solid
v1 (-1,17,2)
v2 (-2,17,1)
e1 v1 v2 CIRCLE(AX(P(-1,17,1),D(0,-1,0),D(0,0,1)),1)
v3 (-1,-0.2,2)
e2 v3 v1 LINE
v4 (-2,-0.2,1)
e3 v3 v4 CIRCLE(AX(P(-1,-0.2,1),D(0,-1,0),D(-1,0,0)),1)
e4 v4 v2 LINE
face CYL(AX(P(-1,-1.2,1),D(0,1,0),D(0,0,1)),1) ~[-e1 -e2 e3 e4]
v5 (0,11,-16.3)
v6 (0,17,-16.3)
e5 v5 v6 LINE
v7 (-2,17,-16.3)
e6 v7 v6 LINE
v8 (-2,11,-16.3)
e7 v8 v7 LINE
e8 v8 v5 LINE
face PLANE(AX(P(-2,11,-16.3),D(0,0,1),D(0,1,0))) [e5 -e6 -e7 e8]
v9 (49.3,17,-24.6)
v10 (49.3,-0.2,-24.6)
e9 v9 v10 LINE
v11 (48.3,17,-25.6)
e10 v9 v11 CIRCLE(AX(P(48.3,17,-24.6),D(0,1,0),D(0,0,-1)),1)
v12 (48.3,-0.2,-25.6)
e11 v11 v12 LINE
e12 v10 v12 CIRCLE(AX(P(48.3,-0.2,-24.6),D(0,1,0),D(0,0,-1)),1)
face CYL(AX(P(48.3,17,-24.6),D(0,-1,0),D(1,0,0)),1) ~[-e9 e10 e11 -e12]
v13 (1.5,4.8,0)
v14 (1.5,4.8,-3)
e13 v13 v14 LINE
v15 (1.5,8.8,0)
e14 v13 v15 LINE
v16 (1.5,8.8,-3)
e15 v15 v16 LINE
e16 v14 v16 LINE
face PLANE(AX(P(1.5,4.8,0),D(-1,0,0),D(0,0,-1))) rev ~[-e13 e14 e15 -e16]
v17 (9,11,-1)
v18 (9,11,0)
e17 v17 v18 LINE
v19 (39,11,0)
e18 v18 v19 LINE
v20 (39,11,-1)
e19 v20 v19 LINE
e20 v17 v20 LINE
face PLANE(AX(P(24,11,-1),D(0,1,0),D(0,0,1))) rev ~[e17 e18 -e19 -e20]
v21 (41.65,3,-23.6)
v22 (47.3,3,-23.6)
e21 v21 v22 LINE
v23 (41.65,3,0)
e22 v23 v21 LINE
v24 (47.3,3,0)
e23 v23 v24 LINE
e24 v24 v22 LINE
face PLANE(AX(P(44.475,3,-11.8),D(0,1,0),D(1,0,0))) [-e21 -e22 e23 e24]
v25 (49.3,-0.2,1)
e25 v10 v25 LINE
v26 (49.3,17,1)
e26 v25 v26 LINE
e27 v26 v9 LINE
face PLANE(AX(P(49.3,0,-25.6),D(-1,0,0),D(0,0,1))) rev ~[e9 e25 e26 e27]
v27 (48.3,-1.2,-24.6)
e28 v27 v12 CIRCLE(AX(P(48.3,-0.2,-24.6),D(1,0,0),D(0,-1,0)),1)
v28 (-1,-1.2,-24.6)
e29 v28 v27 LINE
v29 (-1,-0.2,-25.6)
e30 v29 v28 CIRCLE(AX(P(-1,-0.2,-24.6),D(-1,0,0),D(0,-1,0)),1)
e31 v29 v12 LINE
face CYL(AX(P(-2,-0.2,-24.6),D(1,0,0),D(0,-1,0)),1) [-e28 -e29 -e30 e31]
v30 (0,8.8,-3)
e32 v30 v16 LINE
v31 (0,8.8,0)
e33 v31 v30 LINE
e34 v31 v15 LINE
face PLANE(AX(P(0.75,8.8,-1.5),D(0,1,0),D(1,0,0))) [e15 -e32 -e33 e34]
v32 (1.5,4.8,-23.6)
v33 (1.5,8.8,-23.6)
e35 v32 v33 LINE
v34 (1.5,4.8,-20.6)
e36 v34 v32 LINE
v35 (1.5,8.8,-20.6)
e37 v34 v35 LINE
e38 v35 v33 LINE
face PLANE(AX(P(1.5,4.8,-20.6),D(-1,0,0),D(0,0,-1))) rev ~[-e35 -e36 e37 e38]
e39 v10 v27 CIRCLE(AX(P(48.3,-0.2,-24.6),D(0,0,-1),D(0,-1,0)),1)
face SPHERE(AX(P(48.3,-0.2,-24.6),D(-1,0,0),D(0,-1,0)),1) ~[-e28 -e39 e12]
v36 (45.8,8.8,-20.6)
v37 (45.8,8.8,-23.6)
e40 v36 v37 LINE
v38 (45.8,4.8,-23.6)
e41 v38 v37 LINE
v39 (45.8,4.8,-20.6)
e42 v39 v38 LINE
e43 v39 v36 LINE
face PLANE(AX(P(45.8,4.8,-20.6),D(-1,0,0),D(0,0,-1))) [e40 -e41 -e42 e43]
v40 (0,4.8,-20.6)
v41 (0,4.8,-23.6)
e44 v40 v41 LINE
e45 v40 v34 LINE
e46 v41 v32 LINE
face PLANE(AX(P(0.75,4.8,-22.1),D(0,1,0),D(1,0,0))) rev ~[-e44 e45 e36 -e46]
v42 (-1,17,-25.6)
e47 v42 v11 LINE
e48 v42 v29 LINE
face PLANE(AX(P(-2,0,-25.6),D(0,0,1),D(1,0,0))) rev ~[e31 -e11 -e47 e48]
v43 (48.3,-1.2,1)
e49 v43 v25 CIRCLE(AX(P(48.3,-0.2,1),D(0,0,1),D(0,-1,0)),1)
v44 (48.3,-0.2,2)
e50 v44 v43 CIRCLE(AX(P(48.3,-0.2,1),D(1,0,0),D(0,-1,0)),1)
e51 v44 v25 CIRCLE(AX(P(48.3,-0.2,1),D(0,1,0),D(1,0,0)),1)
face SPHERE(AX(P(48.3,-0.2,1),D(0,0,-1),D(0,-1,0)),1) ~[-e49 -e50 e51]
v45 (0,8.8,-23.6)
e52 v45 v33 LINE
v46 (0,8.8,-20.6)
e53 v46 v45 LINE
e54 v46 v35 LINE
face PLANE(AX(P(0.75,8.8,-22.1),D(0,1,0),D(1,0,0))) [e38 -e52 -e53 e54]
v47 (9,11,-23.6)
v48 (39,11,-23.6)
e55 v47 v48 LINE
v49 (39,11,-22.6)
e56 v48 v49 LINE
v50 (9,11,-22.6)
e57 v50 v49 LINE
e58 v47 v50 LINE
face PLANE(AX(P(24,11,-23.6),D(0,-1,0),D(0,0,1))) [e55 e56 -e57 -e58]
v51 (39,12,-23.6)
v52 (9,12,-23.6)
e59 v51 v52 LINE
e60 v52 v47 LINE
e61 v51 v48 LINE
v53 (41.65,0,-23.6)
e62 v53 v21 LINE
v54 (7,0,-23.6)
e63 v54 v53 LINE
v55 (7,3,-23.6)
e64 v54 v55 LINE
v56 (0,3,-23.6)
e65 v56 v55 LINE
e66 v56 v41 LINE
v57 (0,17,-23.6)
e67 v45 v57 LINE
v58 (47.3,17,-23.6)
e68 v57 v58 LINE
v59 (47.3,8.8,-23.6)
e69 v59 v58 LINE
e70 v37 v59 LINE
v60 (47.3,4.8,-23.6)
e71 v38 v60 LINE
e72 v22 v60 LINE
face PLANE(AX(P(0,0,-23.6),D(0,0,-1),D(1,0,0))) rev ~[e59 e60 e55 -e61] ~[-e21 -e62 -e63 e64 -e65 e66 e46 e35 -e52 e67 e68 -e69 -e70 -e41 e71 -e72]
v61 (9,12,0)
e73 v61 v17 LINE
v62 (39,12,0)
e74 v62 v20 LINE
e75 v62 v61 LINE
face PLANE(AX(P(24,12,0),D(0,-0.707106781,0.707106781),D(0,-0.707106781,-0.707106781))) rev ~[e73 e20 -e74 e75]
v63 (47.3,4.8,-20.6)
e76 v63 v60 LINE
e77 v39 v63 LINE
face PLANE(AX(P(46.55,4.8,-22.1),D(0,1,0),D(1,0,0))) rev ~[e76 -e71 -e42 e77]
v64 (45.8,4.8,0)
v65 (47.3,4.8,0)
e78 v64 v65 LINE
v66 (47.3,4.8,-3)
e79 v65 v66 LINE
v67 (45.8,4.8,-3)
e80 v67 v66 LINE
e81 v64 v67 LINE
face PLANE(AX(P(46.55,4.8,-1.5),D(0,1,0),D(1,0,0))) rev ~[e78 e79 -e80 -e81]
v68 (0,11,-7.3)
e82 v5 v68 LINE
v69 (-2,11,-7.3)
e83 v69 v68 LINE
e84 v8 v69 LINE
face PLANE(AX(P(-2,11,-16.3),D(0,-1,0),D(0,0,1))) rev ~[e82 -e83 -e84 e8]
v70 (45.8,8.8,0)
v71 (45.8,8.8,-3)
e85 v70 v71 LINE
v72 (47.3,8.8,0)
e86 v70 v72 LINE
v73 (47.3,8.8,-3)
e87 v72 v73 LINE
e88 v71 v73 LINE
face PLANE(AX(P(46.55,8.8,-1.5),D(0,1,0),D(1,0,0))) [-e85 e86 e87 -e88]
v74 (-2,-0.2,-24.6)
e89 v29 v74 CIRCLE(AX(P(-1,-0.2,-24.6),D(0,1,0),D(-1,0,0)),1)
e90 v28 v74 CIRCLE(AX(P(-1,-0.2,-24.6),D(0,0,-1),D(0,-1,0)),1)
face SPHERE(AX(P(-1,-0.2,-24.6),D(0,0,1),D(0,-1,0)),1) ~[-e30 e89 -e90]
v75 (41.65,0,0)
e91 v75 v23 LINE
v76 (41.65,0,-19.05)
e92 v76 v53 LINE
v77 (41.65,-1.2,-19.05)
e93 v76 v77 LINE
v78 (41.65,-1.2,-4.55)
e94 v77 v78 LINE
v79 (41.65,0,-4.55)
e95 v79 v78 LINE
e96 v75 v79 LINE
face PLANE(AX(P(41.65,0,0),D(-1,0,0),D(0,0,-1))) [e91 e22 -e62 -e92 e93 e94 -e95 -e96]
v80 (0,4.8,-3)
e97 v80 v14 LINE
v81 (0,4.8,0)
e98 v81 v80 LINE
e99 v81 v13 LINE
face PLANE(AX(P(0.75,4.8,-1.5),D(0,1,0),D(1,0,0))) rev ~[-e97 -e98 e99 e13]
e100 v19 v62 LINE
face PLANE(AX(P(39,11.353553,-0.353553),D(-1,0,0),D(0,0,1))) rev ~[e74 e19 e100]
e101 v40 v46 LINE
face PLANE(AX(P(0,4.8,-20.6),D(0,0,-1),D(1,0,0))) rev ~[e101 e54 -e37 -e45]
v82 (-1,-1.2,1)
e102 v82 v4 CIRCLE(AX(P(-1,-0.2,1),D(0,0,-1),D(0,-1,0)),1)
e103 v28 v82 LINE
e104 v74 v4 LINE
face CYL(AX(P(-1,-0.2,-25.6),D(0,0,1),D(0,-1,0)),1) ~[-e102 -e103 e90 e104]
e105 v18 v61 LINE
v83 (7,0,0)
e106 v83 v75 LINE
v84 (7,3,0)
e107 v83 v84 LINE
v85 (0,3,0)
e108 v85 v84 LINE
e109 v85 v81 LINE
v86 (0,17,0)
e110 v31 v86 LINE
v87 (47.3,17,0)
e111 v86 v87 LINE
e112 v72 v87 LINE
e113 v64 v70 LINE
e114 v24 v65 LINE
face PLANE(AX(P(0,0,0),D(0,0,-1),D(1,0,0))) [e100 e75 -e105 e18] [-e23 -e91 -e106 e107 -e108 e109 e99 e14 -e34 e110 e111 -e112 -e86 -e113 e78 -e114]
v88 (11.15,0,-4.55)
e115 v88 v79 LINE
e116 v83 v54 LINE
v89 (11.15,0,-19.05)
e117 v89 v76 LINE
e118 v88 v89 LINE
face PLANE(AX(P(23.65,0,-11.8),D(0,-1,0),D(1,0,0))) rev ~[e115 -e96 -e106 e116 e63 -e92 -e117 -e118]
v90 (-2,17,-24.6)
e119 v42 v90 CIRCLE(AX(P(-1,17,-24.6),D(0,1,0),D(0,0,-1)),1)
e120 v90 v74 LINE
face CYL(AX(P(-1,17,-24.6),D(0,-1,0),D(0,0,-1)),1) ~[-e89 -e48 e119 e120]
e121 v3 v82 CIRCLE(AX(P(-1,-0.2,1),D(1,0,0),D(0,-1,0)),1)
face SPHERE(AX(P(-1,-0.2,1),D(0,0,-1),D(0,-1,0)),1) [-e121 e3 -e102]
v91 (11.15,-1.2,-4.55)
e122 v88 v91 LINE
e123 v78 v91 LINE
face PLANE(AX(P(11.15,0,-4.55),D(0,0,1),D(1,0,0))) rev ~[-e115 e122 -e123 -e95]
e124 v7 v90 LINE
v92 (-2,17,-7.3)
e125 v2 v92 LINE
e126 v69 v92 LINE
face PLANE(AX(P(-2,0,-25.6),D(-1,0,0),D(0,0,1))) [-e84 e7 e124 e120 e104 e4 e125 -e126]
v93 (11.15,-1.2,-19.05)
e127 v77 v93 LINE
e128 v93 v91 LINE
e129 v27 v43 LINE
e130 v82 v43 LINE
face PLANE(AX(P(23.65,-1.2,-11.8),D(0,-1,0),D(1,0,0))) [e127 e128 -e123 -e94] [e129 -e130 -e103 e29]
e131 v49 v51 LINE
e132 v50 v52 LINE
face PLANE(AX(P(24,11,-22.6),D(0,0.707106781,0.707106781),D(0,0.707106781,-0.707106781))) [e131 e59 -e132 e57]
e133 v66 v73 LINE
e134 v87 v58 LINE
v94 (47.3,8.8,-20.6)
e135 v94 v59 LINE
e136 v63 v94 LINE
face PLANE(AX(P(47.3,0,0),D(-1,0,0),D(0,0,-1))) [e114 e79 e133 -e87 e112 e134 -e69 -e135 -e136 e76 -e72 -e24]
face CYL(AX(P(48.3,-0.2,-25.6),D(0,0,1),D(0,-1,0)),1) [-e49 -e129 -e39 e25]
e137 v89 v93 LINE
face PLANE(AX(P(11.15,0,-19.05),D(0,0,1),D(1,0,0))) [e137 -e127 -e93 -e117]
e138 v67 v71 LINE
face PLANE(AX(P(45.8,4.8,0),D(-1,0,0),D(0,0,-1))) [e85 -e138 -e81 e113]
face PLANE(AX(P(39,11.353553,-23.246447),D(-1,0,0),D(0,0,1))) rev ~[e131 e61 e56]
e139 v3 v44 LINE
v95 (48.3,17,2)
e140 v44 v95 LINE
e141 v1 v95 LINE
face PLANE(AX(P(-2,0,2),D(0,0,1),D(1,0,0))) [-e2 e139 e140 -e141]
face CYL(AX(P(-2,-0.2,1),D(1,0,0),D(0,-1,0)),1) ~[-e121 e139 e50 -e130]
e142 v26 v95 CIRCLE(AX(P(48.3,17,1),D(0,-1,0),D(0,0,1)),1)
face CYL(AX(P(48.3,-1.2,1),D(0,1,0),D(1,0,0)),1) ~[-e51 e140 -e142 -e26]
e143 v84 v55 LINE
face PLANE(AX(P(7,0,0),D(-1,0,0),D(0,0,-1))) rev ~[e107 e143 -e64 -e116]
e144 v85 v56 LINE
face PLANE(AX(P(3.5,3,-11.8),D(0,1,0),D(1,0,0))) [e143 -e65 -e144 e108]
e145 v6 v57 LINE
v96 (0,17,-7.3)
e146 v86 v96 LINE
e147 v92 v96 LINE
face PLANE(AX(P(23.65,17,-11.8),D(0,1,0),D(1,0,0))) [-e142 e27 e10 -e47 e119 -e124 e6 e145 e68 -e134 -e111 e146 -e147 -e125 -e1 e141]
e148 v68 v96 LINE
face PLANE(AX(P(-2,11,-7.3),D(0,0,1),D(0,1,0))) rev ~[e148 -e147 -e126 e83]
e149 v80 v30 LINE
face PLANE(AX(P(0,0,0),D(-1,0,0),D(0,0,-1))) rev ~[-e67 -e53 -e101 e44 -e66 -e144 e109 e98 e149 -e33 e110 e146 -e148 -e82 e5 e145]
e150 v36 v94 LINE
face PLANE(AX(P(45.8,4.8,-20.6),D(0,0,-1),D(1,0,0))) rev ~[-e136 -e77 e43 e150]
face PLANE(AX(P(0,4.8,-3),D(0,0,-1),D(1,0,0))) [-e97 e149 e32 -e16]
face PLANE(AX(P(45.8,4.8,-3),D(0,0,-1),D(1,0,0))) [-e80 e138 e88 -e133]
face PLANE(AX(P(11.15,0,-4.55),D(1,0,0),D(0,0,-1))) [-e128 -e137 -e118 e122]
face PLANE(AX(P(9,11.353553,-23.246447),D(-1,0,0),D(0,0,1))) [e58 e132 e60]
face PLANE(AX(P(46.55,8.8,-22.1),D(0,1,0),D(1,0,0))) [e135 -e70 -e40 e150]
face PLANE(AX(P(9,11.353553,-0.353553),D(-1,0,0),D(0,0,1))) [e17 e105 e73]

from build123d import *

# Parameters (mm, degrees)
SKETCH1_W                = 51.3
SKETCH1_H                = 27.6
SKETCH1_W_2              = 47.3
SKETCH1_H_2              = 23.6
EXTRUDE_THIN1_DEPTH      = 17
SKETCH2_W                = 51.3
SKETCH2_H                = 27.6
BOSS_EXTRUDE1_DEPTH      = 1.2
SKETCH3_W                = 30.5
SKETCH3_H                = 14.5
CUT_EXTRUDE1_DEPTH       = 10
SKETCH7_W                = 7
SKETCH7_H                = 23.6
SKETCH7_W_2              = 5.65
BOSS_EXTRUDE2_DEPTH      = 3
BOSS_EXTRUDE3_DEPTH      = 15
BOSS_EXTRUDE3_DEPTH_BACK = 15
FILLET1_R                = 1
SKETCH12_W               = 9
SKETCH12_H               = 12
CUT_EXTRUDE3_DEPTH       = 10
SKETCH14_W               = 1.5
SKETCH14_H               = 3
BOSS_EXTRUDE4_DEPTH      = 4


with BuildPart() as part:
    # Sketch1 → Extrude-Thin1 (new body)
    with BuildSketch(Plane(origin=(0, 0, 0), x_dir=(1, 0, 0), z_dir=(0, 1, 0))):
        with Locations((23.65, 11.8)):
            Rectangle(SKETCH1_W, SKETCH1_H)
        with Locations((23.65, 11.8)):
            Rectangle(SKETCH1_W_2, SKETCH1_H_2, mode=Mode.SUBTRACT)
    extrude(amount=EXTRUDE_THIN1_DEPTH)

    # Sketch2 → Boss-Extrude1 (add)
    with BuildSketch(Plane.XZ):
        with Locations((23.65, -11.8)):
            Rectangle(SKETCH2_W, SKETCH2_H)
    extrude(amount=BOSS_EXTRUDE1_DEPTH)

    # Sketch3 → Cut-Extrude1 (cut)
    with BuildSketch(Plane(origin=(0, 0, 0), x_dir=(1, 0, 0), z_dir=(0, 1, 0))):
        with Locations((26.4, 11.8)):
            Rectangle(SKETCH3_W, SKETCH3_H)
    extrude(amount=-CUT_EXTRUDE1_DEPTH, mode=Mode.SUBTRACT)

    # Sketch7 → Boss-Extrude2 (add)
    with BuildSketch(Plane(origin=(0, 0, 0), x_dir=(1, 0, 0), z_dir=(0, 1, 0))):
        with Locations((3.5, 11.8)):
            Rectangle(SKETCH7_W, SKETCH7_H)
        with Locations((44.475, 11.8)):
            Rectangle(SKETCH7_W_2, SKETCH7_H)
    extrude(amount=BOSS_EXTRUDE2_DEPTH)

    # Sketch9 → Boss-Extrude3 (add, two sides)
    with BuildSketch(Plane.ZY.offset(-24)) as boss_extrude3_sk:
        Polygon((-22.6, 11), (-23.6, 12), (-23.6, 11), align=None)
        Polygon((0, 12), (-1, 11), (0, 11), align=None)
    extrude(amount=BOSS_EXTRUDE3_DEPTH)
    extrude(boss_extrude3_sk.sketch, amount=-BOSS_EXTRUDE3_DEPTH_BACK)

    # Fillet1
    fillet1_edges = [part.edges().sort_by_distance(p)[0] for p in [
        (-2, -1.2, -11.8),
        (23.65, -1.2, -25.6),
        (49.3, -1.2, -11.8),
        (23.65, -1.2, 2),
        (-2, 7.9, -25.6),
        (49.3, 7.9, -25.6),
        (49.3, 7.9, 2),
        (-2, 7.9, 2),
    ]]
    fillet(fillet1_edges, radius=FILLET1_R)

    # Sketch12 → Cut-Extrude3 (cut)
    with BuildSketch(Plane.ZY.offset(2)):
        with Locations((-11.8, 17)):
            Rectangle(SKETCH12_W, SKETCH12_H)
    extrude(amount=-CUT_EXTRUDE3_DEPTH, mode=Mode.SUBTRACT)

    # Sketch14 → Boss-Extrude4 (add)
    with BuildSketch(Plane(origin=(0, 4.8, 0), x_dir=(1, 0, 0), z_dir=(0, 1, 0))):
        with Locations((0.75, 22.1)):
            Rectangle(SKETCH14_W, SKETCH14_H)
        with Locations((46.55, 22.1)):
            Rectangle(SKETCH14_W, SKETCH14_H)
        with Locations((46.55, 1.5)):
            Rectangle(SKETCH14_W, SKETCH14_H)
        with Locations((0.75, 1.5)):
            Rectangle(SKETCH14_W, SKETCH14_H)
    extrude(amount=BOSS_EXTRUDE4_DEPTH)


solid = part.part
